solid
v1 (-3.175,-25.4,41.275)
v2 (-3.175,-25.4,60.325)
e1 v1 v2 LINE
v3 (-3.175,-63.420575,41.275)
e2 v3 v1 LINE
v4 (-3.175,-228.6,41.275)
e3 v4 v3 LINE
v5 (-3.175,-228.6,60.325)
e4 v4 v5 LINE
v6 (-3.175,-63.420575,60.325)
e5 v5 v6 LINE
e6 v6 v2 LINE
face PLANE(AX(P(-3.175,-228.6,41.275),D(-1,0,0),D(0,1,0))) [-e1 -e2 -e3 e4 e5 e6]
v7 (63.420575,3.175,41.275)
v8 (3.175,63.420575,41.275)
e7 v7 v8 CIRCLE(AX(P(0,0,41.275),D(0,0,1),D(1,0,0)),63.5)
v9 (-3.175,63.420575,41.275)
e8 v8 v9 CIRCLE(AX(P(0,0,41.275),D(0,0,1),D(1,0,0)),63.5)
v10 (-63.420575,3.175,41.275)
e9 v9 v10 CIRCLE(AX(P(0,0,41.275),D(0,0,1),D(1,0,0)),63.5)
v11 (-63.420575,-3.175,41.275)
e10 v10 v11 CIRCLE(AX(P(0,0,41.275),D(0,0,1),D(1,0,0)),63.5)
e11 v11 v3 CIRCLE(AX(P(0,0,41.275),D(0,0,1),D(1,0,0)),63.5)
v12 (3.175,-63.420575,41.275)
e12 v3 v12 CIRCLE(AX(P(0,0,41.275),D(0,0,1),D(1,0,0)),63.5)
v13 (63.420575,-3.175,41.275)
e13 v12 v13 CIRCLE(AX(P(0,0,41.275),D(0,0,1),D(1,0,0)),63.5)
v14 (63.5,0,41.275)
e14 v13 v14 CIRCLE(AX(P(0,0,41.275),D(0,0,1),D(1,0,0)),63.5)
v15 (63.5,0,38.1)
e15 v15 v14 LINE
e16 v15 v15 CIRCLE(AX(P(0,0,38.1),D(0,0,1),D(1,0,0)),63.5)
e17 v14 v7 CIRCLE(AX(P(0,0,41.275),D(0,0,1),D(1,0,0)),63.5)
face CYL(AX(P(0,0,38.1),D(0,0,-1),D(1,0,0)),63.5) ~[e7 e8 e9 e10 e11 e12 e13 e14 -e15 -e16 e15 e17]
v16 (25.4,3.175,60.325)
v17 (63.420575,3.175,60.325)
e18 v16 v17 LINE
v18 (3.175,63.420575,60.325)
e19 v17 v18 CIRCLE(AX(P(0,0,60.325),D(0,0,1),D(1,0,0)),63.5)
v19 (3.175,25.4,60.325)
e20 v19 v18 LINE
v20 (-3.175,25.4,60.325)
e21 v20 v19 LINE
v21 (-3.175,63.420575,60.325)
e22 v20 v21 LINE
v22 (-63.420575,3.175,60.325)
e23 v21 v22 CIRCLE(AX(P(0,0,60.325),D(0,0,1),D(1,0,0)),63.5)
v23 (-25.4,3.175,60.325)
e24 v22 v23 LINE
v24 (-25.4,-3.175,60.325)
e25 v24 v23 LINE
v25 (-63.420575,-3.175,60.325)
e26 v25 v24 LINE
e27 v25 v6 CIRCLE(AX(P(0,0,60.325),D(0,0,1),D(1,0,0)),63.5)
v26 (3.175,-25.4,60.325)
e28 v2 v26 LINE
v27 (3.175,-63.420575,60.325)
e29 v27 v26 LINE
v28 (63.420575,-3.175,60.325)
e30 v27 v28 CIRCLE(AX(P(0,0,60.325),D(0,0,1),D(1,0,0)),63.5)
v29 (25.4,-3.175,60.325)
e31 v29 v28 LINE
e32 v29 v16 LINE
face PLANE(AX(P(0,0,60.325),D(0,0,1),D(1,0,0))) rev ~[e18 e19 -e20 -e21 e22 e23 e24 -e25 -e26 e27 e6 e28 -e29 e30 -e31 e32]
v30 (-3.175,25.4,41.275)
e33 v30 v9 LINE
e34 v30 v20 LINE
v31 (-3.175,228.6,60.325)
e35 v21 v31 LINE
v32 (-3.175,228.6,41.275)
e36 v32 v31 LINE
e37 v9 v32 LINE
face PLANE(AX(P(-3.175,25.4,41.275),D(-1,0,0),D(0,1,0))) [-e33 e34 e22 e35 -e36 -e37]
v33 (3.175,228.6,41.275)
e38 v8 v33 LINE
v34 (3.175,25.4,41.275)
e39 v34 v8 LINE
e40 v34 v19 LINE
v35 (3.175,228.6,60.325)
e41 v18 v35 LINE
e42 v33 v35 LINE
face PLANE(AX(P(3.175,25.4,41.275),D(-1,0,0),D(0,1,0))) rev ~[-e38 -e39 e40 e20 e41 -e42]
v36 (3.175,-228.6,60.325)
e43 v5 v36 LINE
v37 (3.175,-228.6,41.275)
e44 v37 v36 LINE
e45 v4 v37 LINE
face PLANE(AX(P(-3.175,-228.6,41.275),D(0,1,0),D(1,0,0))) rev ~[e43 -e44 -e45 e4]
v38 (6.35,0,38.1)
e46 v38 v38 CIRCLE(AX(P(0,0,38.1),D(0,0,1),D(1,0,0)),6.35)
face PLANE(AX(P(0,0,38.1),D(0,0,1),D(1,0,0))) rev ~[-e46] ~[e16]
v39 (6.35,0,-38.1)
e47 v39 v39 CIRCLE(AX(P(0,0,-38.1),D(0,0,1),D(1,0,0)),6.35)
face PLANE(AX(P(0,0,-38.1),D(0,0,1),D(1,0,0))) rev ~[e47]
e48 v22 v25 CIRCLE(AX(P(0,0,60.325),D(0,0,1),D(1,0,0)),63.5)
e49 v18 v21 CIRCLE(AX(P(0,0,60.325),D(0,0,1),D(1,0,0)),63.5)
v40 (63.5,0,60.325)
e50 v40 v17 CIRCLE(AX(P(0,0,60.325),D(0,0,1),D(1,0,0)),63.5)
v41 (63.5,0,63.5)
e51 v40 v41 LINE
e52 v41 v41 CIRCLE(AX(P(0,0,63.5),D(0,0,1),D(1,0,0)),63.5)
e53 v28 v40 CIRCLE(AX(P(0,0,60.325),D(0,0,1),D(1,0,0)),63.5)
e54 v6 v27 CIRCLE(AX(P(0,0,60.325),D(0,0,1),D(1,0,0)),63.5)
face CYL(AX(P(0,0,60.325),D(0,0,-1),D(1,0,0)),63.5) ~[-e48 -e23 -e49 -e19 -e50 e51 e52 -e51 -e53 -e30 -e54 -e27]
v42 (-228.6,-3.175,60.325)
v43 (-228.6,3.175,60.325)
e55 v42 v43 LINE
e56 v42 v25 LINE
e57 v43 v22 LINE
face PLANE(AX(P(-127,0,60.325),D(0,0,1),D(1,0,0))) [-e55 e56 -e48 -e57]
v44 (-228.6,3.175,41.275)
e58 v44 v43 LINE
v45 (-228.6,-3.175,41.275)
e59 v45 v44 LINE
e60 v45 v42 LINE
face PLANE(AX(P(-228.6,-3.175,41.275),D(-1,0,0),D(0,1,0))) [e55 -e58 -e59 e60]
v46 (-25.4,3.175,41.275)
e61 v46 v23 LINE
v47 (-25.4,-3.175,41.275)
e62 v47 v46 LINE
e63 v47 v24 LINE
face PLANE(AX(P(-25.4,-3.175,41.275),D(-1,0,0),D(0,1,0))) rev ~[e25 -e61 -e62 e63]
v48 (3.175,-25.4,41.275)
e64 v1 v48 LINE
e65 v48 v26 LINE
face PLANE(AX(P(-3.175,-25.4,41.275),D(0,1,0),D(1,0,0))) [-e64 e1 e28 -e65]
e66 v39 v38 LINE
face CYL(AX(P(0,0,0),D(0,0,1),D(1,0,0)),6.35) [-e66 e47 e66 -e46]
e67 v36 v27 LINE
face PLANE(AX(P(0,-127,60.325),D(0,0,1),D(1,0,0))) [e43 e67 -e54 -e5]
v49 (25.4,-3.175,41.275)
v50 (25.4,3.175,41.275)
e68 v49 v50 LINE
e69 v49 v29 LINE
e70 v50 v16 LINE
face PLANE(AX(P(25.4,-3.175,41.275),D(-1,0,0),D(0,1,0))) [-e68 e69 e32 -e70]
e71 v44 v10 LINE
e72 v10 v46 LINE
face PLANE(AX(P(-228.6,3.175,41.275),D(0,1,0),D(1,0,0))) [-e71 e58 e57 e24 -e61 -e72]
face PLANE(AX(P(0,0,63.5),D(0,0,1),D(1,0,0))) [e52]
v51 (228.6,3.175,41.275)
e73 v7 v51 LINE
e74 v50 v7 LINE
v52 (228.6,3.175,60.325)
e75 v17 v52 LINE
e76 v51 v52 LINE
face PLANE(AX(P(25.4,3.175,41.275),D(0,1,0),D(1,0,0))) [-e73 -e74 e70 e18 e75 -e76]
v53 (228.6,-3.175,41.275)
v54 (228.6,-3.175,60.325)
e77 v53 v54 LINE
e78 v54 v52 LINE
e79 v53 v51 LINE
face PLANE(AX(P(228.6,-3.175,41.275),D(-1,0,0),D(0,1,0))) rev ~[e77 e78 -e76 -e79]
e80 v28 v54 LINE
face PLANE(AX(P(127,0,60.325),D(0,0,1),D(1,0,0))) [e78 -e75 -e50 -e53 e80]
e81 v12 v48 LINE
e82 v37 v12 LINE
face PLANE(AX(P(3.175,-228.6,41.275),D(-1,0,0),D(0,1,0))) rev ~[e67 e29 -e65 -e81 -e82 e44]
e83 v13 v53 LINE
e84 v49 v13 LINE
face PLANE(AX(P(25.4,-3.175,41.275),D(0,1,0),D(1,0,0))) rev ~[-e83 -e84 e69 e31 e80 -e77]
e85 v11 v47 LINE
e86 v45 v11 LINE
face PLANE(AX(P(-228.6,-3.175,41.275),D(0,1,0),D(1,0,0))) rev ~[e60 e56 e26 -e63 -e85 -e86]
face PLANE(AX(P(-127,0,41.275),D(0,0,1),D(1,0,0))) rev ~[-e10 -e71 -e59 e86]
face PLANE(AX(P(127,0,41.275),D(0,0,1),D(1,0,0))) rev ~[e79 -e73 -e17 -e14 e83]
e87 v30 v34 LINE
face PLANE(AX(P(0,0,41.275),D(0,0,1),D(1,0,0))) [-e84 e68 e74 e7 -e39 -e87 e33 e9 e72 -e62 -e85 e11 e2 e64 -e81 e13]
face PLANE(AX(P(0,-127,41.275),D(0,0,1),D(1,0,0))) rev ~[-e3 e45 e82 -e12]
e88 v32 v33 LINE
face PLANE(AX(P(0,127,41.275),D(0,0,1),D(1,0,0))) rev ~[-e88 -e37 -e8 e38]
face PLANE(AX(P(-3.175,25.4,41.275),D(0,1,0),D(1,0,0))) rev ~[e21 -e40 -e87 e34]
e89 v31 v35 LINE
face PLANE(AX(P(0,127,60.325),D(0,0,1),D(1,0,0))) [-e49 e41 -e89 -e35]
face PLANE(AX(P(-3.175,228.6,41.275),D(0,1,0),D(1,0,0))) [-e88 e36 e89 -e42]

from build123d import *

# Parameters (mm, degrees)
F0_R     = 6.35
F1_DEPTH = 38.1
F2_R     = 63.5
F3_DEPTH = 3.175
F4_W     = 6.35
F4_H     = 203.2
F4_W_2   = 203.2
F4_H_2   = 6.35
F5_DEPTH = 19.05
F6_R     = 63.5
F7_DEPTH = 3.175


with BuildPart() as f1:
    # F0 (on Top) → F1 (new body, symmetric)
    with BuildSketch(Plane.XY):
        Circle(F0_R)
    extrude(amount=F1_DEPTH, both=True)



with BuildPart() as f3:
    # F2 (on face) → F3 (new body)
    with BuildSketch(Plane.XY.offset(60.325)):
        Circle(F2_R)
    extrude(amount=F3_DEPTH)

    # F4 (on face) → F5 (join)
    with BuildSketch(Plane.XY.offset(41.275)):
        with Locations((0, 127)):
            Rectangle(F4_W, F4_H)
        with Locations((-127, 0)):
            Rectangle(F4_W_2, F4_H_2)
        with Locations((127, 0)):
            Rectangle(F4_W_2, F4_H_2)
        with Locations((0, -127)):
            Rectangle(F4_W, F4_H)
    extrude(amount=F5_DEPTH)


with BuildPart() as f1_1:
    add(f1.part)

    add(f3.part)  # F7 merges F3
    # F6 (on face) → F7 (join)
    with BuildSketch(Plane.XY.offset(38.1)):
        Circle(F6_R)
    extrude(amount=F7_DEPTH)


solid = f1_1.part
